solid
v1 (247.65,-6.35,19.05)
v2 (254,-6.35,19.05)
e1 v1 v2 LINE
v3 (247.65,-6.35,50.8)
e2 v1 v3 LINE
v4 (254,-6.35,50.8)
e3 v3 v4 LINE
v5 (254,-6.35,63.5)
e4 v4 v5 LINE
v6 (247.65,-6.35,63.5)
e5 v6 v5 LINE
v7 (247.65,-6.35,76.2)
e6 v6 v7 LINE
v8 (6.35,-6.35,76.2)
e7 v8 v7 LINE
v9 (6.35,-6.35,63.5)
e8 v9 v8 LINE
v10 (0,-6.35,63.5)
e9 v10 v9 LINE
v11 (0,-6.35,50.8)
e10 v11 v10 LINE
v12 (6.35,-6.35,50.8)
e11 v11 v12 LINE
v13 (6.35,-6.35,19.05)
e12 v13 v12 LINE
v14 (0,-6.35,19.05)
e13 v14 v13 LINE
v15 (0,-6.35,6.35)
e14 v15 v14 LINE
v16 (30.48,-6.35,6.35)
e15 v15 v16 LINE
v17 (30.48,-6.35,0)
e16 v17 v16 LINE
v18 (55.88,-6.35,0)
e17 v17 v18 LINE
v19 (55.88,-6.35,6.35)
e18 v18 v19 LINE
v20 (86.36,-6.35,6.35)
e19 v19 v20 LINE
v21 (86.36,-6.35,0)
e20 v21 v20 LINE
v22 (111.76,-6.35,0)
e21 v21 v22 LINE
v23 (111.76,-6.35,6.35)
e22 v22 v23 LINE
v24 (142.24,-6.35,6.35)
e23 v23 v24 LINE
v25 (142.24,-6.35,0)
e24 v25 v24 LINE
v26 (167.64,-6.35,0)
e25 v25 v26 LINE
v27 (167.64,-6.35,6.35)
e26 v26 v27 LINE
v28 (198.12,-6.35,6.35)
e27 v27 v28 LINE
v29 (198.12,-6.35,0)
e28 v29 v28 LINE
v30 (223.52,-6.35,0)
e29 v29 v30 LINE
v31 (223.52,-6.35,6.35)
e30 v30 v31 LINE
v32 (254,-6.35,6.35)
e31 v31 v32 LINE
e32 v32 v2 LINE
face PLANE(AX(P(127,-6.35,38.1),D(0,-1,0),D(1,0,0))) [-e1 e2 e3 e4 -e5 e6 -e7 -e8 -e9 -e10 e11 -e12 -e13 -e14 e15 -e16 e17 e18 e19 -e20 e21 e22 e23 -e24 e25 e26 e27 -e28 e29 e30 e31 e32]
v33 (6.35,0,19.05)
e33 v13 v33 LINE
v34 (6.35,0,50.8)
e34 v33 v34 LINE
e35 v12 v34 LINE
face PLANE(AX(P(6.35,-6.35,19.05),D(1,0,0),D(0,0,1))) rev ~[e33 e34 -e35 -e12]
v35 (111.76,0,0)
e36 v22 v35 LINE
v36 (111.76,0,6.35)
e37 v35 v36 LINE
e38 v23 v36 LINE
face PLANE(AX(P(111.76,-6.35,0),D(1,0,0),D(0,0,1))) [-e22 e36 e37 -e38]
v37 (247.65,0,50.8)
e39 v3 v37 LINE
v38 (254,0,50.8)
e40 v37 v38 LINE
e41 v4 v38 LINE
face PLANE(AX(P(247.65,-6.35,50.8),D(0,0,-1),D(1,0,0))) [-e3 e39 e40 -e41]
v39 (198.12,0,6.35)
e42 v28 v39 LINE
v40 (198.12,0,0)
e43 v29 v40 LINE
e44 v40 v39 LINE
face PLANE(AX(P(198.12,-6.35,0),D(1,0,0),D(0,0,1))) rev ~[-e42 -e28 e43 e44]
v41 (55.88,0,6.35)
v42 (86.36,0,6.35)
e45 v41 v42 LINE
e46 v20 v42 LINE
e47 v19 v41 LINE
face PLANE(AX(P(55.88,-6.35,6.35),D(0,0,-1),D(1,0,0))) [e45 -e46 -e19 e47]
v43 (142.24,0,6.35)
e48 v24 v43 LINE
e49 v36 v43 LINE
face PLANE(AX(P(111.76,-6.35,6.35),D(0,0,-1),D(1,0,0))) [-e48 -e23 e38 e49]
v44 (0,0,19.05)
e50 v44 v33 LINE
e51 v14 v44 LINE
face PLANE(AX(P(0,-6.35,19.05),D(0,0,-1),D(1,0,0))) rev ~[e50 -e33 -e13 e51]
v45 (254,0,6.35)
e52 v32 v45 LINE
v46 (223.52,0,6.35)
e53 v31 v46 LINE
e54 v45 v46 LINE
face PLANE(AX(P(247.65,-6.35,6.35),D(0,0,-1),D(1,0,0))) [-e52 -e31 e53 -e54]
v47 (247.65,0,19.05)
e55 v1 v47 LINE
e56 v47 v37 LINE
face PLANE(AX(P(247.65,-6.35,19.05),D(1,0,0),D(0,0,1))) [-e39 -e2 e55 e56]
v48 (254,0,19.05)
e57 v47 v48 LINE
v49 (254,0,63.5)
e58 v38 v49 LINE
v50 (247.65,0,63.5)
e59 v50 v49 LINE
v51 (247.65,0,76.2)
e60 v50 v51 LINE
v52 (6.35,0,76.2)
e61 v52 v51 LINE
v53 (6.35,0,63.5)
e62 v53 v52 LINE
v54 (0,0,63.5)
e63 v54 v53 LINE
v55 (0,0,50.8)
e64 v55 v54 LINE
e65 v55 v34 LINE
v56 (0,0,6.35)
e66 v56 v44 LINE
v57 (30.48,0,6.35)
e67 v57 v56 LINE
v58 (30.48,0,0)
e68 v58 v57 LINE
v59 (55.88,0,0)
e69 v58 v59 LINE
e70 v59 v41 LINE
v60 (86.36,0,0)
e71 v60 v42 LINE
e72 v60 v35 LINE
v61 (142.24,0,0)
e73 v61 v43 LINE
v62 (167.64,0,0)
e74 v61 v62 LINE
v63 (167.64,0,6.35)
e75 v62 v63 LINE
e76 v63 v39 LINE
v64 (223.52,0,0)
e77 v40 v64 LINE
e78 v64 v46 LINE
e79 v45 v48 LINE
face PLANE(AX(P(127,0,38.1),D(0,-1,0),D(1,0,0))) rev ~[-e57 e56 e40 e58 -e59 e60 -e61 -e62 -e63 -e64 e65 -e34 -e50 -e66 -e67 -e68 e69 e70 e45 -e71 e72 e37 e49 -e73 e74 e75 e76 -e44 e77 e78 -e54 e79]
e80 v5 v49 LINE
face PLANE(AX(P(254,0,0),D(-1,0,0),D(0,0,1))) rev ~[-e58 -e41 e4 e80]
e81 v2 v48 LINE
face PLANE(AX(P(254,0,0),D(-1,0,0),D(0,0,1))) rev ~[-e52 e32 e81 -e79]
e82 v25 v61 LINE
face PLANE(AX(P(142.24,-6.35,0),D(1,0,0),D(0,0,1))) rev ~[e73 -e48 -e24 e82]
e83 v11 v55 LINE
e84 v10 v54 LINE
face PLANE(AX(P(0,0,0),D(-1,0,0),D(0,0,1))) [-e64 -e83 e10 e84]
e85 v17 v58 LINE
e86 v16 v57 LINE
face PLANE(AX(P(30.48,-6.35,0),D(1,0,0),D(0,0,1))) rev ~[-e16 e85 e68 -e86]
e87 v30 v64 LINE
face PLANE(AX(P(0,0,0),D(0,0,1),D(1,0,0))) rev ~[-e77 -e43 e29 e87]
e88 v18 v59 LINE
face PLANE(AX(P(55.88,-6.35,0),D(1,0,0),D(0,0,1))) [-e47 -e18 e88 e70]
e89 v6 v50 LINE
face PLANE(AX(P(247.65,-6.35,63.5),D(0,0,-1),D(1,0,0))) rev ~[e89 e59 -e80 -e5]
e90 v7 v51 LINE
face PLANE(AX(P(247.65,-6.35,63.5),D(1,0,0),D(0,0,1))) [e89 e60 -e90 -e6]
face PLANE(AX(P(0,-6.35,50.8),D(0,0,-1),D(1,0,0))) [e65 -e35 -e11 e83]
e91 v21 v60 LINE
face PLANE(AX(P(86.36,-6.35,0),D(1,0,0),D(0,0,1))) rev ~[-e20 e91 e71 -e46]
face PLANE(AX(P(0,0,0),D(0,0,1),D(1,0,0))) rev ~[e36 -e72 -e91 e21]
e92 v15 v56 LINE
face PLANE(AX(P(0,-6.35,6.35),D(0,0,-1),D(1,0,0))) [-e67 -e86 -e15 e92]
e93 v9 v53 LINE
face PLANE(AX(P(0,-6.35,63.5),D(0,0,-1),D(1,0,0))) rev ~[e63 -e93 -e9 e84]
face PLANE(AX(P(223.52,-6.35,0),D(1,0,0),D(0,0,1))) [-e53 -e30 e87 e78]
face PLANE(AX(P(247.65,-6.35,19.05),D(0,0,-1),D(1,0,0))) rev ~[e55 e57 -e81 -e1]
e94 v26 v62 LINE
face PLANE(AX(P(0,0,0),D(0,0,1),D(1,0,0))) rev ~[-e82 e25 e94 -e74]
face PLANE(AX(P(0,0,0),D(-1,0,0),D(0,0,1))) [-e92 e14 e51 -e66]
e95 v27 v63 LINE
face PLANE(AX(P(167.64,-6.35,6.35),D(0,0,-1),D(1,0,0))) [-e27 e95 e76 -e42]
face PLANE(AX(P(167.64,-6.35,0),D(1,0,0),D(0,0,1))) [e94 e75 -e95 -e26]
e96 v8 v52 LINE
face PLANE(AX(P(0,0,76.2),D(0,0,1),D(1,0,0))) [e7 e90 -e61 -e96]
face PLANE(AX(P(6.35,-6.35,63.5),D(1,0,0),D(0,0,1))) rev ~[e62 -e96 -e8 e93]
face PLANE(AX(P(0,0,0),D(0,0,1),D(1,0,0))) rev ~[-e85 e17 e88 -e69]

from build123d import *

# Parameters (mm, degrees)
F0_W     = 254
F0_H     = 76.2
F1_DEPTH = 6.35
F2_W     = 6.35
F2_H     = 6.35
F2_H_2   = 12.7
F2_H_3   = 31.75
F3_DEPTH = 6.35
F4_W     = 30.48
F4_H     = 6.35
F5_DEPTH = 6.351


with BuildPart() as f1:
    # F0 (on Front) → F1 (new body)
    with BuildSketch(Plane.XZ):
        with Locations((127, 38.1)):
            Rectangle(F0_W, F0_H)
    extrude(amount=F1_DEPTH)

    # F2 (on face) → F3 (cut, through all)
    with BuildSketch(Plane.XZ.offset(6.35)):
        with Locations((3.175, 3.175)):
            Rectangle(F2_W, F2_H)
        with Locations((3.175, 69.85)):
            Rectangle(F2_W, F2_H_2)
        with Locations((3.175, 34.925)):
            Rectangle(F2_W, F2_H_3)
        with Locations((250.825, 3.175)):
            Rectangle(F2_W, F2_H)
        with Locations((250.825, 34.925)):
            Rectangle(F2_W, F2_H_3)
        with Locations((250.825, 69.85)):
            Rectangle(F2_W, F2_H_2)
    extrude(amount=-F3_DEPTH, mode=Mode.SUBTRACT)

    # F4 (on face) → F5 (cut, through all)
    with BuildSketch(Plane.XZ.offset(6.35)):
        with Locations((15.24, 3.175)):
            Rectangle(F4_W, F4_H)
        with Locations((71.12, 3.175)):
            Rectangle(F4_W, F4_H)
        with Locations((127, 3.175)):
            Rectangle(F4_W, F4_H)
        with Locations((182.88, 3.175)):
            Rectangle(F4_W, F4_H)
        with Locations((238.76, 3.175)):
            Rectangle(F4_W, F4_H)
    extrude(amount=-F5_DEPTH, mode=Mode.SUBTRACT)


solid = f1.part
